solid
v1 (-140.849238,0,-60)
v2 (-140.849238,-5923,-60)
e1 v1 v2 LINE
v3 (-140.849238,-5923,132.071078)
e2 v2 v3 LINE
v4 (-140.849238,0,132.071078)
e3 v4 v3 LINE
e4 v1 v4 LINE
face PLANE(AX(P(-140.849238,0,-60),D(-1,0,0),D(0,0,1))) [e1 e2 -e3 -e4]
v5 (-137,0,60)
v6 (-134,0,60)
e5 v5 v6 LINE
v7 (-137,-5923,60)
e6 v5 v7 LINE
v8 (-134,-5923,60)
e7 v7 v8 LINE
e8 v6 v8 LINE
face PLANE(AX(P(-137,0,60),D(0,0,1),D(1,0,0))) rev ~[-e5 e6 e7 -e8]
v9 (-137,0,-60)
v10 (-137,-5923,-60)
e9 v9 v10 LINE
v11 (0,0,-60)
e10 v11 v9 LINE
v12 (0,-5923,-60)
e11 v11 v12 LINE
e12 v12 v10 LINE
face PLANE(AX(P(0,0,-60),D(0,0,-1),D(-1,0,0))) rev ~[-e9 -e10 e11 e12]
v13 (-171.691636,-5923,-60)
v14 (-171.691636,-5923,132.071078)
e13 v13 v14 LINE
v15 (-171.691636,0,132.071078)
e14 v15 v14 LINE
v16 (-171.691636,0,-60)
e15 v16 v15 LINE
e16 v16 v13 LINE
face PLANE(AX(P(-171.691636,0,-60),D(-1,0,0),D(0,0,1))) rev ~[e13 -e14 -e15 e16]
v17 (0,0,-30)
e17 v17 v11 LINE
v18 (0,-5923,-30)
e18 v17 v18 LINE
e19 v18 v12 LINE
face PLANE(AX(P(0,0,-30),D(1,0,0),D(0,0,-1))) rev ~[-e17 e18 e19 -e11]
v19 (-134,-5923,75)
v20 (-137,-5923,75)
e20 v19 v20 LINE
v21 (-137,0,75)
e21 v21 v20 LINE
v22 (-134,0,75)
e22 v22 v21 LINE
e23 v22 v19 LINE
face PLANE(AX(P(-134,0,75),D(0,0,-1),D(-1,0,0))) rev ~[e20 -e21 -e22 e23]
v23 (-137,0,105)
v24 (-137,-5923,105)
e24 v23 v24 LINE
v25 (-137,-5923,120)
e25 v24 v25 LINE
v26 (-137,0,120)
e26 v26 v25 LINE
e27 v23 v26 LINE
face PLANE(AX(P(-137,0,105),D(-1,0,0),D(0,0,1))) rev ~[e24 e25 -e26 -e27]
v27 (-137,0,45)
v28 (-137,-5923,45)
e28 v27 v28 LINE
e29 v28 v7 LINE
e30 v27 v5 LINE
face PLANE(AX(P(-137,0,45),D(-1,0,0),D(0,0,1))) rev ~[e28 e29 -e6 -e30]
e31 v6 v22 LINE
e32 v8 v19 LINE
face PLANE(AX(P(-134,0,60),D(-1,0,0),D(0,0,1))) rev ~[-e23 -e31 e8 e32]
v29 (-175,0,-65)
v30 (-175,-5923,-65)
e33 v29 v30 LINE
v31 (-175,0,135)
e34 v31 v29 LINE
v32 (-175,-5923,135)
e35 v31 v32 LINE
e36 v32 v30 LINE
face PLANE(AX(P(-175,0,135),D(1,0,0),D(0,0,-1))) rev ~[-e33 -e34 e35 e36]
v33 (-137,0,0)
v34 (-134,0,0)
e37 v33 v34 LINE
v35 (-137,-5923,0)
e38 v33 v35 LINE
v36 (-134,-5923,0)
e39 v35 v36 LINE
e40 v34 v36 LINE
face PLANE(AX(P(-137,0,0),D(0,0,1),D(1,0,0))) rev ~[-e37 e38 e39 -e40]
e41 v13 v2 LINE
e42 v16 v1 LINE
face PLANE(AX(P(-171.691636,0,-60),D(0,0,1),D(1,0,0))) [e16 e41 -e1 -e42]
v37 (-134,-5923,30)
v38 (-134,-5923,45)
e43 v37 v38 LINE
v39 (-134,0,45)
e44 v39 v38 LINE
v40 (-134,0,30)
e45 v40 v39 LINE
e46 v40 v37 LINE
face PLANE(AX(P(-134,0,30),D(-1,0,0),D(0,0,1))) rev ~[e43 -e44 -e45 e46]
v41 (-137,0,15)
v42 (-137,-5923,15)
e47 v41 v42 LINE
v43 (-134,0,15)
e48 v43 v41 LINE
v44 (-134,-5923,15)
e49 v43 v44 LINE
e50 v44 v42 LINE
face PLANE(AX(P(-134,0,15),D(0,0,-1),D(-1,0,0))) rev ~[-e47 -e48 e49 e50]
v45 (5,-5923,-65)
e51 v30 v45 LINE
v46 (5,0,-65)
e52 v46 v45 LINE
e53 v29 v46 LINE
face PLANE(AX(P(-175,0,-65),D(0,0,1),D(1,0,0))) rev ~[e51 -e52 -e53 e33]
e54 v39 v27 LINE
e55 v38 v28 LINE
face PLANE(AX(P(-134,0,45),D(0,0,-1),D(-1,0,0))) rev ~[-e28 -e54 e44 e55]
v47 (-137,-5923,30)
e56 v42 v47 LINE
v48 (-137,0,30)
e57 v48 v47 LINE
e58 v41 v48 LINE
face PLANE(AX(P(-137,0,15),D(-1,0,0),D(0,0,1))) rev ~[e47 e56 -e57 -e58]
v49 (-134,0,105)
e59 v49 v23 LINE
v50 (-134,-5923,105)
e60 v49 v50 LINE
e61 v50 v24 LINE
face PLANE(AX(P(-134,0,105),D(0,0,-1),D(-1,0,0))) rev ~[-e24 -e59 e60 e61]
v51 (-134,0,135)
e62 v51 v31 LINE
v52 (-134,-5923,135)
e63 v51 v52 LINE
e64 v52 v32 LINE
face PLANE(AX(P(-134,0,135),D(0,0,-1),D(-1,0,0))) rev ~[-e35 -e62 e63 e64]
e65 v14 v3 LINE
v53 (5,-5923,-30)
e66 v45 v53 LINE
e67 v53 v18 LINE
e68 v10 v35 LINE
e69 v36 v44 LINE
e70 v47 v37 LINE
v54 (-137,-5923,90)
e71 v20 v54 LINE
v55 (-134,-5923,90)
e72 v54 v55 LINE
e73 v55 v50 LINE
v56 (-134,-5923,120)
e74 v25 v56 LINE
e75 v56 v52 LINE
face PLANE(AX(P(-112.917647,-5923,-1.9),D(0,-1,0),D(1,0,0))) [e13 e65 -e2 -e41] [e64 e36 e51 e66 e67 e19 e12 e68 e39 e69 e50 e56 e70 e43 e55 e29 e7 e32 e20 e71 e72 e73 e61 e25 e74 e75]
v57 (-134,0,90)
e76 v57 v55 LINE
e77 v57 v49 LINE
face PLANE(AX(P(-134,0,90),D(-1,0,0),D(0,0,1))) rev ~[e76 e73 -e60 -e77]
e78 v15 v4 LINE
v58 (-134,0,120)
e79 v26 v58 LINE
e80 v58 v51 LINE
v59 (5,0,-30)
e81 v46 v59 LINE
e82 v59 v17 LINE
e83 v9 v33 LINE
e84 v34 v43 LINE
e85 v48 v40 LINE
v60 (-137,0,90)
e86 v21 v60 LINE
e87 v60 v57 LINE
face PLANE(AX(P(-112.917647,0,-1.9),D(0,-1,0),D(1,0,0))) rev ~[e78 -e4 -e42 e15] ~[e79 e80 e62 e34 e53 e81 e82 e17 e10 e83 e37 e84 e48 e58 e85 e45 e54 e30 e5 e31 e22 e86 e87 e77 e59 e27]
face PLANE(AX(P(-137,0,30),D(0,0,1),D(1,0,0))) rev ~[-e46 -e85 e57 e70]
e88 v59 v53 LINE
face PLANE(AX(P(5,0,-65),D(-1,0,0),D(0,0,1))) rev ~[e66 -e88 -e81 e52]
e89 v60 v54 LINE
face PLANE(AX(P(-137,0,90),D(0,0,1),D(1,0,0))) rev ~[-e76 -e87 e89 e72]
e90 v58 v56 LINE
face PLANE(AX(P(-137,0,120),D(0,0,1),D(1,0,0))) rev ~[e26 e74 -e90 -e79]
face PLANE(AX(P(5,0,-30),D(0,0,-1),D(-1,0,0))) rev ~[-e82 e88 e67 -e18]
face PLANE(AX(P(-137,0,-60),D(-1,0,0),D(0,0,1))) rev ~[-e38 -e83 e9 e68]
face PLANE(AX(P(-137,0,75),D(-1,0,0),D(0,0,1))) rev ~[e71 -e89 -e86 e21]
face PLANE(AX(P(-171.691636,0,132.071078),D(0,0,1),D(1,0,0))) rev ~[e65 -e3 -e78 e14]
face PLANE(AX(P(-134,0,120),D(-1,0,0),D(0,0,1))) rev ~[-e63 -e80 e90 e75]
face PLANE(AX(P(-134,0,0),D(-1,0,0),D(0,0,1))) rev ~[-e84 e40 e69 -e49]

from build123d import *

# Parameters (mm, degrees)
F0_W     = 30.842398
F0_H     = 192.071078
F1_DEPTH = 5923


with BuildPart() as f1:
    # F0 (on Front) → F1 (new body)
    with BuildSketch(Plane.XZ):
        Polygon((-134, 135), (-175, 135), (-175, -65), (5, -65), (5, -30), (0, -30), (0, -60), (-137, -60), (-137, 0), (-134, 0), (-134, 15), (-137, 15), (-137, 30), (-134, 30), (-134, 45), (-137, 45), (-137, 60), (-134, 60), (-134, 75), (-137, 75), (-137, 90), (-134, 90), (-134, 105), (-137, 105), (-137, 120), (-134, 120), align=None)
        with Locations((-156.270437, 36.035539)):
            Rectangle(F0_W, F0_H, mode=Mode.SUBTRACT)
    extrude(amount=F1_DEPTH)


solid = f1.part
